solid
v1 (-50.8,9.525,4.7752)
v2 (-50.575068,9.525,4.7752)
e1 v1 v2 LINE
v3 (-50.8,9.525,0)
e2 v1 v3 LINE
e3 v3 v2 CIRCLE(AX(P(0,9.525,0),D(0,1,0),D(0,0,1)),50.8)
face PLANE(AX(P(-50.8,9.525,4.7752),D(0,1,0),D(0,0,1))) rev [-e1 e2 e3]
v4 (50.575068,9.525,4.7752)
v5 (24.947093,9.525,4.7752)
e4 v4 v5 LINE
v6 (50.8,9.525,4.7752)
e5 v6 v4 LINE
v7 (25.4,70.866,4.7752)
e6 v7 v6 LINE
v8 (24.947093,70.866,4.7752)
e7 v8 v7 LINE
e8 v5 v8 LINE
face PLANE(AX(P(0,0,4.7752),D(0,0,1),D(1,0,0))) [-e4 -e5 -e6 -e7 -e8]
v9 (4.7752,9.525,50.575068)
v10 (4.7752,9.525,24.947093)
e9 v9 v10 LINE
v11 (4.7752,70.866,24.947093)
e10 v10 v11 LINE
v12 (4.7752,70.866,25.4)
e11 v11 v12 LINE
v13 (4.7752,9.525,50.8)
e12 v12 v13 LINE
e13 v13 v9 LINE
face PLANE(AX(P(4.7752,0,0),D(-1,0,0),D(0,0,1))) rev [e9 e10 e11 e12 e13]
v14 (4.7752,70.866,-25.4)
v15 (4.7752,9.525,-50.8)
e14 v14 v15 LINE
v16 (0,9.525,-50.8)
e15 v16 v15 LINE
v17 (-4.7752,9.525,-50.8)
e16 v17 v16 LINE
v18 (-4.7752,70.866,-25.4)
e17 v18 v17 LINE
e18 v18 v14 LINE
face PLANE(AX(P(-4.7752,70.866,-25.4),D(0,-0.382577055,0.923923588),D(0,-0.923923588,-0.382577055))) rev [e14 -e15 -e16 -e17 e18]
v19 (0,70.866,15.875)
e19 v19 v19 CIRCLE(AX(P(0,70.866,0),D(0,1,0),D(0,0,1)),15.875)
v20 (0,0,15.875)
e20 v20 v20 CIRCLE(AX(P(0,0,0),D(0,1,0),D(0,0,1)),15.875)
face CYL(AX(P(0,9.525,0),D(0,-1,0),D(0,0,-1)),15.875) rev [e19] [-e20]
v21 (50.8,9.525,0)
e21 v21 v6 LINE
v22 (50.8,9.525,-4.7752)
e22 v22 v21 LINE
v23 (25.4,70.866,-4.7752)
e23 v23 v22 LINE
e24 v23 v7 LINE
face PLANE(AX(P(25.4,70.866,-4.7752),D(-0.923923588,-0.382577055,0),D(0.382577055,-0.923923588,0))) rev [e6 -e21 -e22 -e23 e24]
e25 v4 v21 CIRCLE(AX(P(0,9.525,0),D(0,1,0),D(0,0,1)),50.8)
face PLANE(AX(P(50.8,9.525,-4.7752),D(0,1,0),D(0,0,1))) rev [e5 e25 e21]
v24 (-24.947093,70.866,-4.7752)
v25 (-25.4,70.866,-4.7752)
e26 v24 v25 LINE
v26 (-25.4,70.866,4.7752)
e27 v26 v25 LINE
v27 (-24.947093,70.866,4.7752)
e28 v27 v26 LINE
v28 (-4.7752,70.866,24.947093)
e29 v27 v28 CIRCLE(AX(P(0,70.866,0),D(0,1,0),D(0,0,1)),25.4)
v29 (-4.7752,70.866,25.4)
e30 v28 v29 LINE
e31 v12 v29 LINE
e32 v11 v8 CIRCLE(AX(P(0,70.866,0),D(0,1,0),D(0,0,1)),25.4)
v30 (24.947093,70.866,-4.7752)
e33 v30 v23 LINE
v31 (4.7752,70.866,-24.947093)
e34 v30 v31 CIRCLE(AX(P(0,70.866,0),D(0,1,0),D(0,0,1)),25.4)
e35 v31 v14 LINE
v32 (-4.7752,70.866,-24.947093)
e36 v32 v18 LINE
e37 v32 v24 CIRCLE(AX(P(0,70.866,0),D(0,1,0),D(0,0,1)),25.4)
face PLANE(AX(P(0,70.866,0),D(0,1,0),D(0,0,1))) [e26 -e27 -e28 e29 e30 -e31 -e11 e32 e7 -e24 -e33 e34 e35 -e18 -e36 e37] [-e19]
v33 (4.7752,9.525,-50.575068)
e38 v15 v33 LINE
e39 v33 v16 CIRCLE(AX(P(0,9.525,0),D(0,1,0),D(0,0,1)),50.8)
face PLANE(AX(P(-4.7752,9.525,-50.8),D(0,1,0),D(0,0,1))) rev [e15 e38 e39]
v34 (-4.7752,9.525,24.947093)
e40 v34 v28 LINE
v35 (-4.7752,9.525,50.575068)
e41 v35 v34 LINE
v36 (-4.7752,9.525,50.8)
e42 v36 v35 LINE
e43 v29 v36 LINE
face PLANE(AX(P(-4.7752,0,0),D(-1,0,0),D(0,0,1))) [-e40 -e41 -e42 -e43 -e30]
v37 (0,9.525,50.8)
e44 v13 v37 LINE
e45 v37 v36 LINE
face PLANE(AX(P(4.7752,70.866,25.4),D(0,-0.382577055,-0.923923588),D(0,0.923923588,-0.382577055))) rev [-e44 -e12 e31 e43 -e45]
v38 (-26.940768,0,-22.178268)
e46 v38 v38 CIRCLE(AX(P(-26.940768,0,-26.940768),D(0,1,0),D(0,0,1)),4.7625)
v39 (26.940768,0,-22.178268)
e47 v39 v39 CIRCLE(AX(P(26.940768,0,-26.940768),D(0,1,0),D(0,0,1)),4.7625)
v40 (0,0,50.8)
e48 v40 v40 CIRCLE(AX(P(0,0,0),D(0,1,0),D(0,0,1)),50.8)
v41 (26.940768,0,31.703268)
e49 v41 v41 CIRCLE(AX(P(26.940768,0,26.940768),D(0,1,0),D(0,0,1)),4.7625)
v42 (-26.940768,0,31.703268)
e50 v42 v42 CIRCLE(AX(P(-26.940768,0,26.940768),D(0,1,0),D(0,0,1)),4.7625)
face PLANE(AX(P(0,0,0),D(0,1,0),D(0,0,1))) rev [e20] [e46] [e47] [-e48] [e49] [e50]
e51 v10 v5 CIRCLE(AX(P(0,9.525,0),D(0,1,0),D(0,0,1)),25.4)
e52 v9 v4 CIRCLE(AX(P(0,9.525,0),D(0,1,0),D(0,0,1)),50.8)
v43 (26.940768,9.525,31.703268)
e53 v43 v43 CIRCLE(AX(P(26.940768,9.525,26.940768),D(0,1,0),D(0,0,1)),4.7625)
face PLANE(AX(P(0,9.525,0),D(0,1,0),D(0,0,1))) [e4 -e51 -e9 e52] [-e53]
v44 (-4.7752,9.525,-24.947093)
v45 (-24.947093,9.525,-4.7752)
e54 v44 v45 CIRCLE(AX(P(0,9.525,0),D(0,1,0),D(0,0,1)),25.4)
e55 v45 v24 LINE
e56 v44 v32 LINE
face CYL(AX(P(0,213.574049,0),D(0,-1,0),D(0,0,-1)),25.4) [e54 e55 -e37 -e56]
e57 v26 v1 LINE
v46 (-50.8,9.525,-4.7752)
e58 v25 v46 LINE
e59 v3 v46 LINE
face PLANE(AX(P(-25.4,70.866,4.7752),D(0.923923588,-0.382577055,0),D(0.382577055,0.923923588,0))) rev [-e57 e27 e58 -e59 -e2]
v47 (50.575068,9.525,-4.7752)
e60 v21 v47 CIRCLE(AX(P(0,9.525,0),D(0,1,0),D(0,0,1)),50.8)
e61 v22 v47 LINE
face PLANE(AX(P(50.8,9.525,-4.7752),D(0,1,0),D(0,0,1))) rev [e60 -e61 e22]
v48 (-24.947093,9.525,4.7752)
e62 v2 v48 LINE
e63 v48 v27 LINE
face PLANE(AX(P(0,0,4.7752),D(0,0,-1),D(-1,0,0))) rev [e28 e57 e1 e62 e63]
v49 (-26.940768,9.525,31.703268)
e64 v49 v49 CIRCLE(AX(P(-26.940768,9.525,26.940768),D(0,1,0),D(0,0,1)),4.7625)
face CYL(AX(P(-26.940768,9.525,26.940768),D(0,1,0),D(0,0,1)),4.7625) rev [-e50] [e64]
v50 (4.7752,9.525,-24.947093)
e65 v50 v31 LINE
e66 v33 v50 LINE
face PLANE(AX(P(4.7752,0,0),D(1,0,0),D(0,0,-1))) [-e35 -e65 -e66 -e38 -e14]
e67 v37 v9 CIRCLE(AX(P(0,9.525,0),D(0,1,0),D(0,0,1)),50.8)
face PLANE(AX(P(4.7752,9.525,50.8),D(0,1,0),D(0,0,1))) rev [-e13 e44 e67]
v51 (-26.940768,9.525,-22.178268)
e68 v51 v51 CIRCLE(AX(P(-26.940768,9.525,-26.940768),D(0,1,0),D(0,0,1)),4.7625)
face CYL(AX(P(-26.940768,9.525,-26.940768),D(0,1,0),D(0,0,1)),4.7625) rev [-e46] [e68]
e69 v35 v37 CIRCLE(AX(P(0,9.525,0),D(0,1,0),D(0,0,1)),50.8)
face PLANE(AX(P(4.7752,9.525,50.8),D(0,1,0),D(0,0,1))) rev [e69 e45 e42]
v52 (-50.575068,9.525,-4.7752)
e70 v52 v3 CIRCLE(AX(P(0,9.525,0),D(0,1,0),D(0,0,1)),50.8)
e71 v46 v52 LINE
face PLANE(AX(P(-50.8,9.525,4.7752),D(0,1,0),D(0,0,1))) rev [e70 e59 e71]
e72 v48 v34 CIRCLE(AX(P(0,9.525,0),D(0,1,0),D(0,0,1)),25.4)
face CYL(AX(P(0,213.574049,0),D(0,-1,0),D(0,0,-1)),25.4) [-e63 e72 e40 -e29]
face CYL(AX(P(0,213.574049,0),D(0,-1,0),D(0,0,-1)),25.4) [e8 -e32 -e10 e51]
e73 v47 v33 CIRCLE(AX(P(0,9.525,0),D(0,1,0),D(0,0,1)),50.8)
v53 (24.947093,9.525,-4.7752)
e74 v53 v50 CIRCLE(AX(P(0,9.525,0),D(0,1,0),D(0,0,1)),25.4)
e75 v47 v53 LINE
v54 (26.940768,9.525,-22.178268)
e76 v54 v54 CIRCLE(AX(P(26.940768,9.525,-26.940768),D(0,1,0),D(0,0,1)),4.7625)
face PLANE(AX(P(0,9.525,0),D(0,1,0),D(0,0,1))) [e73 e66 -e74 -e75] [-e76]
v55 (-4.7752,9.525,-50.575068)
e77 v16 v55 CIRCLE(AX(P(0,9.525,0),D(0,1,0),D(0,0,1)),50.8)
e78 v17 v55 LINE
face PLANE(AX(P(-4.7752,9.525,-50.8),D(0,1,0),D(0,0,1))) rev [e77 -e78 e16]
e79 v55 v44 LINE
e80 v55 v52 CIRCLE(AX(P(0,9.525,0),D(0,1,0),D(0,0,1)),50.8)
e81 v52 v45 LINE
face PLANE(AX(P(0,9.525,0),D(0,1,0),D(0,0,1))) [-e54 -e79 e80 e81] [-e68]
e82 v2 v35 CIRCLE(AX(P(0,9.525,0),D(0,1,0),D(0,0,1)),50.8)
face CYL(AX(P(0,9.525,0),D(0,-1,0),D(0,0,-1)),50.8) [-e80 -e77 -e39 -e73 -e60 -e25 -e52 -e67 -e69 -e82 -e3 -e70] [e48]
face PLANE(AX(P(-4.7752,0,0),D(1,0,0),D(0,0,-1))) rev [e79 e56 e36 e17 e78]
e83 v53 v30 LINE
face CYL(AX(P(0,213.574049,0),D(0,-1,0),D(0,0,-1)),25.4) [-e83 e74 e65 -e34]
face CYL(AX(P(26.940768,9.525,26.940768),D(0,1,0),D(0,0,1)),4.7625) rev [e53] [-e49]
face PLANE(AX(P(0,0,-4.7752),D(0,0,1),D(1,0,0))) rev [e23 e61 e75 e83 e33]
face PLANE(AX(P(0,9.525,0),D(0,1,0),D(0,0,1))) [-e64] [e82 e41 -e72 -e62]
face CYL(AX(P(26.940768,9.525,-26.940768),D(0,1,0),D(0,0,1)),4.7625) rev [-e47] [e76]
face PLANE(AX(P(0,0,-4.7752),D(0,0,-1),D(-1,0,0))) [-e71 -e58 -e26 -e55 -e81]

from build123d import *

# Parameters (mm, degrees)
SKETCH1_R           = 50.8
SKETCH1_R_2         = 15.875
BOSS_EXTRUDE1_DEPTH = 9.525
SKETCH4_R           = 25.4
SKETCH4_R_2         = 15.875
BOSS_EXTRUDE2_DEPTH = 61.341
BOSS_EXTRUDE3_DEPTH = 4.7752
CIRPATTERN1_COUNT   = 4


with BuildPart() as part:
    # Sketch1 → Boss-Extrude1 (new body)
    with BuildSketch(Plane(origin=(0, 0, 0), x_dir=(1, 0, 0), z_dir=(0, 1, 0))):
        Circle(SKETCH1_R)
        Circle(SKETCH1_R_2, mode=Mode.SUBTRACT)
    extrude(amount=BOSS_EXTRUDE1_DEPTH)

    # Sketch4 → Boss-Extrude2 (add)
    with BuildSketch(Plane(origin=(0, 9.525, 0), x_dir=(1, 0, 0), z_dir=(0, 1, 0))):
        Circle(SKETCH4_R)
        Circle(SKETCH4_R_2, mode=Mode.SUBTRACT)
    extrude(amount=BOSS_EXTRUDE2_DEPTH)

    # Sketch7 → Boss-Extrude3 (add, symmetric)
    with BuildSketch(Plane.XY):
        Polygon((-25.4, 70.866), (-50.8, 9.525), (-22.583366139, 9.525), (-22.583366139, 70.866), align=None)
    boss_extrude3 = extrude(amount=BOSS_EXTRUDE3_DEPTH, both=True)

    # Sketch9 → 1/4 (0.375) Diameter Hole1 (revolve, cut)
    with BuildSketch(Plane(origin=(-26.940768363, 9.525, 26.940768363), x_dir=(0, 0, 1), z_dir=(1, 0, 0))):
        Polygon((0, 0), (0, 21.911598698), (4.7625, 19.05), (4.7625, 0), align=None)
    f_1_4_0_375_diameter_hole1 = revolve(axis=Axis((-26.940768363, 15.875, 26.940768363), (0, -1, 0)), mode=Mode.SUBTRACT)

    # CirPattern1: Boss-Extrude3, 1/4 (0.375) Diameter Hole1 ×4 about axis
    cirpattern1_axis = Axis((0, 0, 0), (0, 1, 0))
    for i in range(1, CIRPATTERN1_COUNT):
        add(boss_extrude3.rotate(cirpattern1_axis, i * 360 / CIRPATTERN1_COUNT))
        add(f_1_4_0_375_diameter_hole1.rotate(cirpattern1_axis, i * 360 / CIRPATTERN1_COUNT), mode=Mode.SUBTRACT)


solid = part.part
